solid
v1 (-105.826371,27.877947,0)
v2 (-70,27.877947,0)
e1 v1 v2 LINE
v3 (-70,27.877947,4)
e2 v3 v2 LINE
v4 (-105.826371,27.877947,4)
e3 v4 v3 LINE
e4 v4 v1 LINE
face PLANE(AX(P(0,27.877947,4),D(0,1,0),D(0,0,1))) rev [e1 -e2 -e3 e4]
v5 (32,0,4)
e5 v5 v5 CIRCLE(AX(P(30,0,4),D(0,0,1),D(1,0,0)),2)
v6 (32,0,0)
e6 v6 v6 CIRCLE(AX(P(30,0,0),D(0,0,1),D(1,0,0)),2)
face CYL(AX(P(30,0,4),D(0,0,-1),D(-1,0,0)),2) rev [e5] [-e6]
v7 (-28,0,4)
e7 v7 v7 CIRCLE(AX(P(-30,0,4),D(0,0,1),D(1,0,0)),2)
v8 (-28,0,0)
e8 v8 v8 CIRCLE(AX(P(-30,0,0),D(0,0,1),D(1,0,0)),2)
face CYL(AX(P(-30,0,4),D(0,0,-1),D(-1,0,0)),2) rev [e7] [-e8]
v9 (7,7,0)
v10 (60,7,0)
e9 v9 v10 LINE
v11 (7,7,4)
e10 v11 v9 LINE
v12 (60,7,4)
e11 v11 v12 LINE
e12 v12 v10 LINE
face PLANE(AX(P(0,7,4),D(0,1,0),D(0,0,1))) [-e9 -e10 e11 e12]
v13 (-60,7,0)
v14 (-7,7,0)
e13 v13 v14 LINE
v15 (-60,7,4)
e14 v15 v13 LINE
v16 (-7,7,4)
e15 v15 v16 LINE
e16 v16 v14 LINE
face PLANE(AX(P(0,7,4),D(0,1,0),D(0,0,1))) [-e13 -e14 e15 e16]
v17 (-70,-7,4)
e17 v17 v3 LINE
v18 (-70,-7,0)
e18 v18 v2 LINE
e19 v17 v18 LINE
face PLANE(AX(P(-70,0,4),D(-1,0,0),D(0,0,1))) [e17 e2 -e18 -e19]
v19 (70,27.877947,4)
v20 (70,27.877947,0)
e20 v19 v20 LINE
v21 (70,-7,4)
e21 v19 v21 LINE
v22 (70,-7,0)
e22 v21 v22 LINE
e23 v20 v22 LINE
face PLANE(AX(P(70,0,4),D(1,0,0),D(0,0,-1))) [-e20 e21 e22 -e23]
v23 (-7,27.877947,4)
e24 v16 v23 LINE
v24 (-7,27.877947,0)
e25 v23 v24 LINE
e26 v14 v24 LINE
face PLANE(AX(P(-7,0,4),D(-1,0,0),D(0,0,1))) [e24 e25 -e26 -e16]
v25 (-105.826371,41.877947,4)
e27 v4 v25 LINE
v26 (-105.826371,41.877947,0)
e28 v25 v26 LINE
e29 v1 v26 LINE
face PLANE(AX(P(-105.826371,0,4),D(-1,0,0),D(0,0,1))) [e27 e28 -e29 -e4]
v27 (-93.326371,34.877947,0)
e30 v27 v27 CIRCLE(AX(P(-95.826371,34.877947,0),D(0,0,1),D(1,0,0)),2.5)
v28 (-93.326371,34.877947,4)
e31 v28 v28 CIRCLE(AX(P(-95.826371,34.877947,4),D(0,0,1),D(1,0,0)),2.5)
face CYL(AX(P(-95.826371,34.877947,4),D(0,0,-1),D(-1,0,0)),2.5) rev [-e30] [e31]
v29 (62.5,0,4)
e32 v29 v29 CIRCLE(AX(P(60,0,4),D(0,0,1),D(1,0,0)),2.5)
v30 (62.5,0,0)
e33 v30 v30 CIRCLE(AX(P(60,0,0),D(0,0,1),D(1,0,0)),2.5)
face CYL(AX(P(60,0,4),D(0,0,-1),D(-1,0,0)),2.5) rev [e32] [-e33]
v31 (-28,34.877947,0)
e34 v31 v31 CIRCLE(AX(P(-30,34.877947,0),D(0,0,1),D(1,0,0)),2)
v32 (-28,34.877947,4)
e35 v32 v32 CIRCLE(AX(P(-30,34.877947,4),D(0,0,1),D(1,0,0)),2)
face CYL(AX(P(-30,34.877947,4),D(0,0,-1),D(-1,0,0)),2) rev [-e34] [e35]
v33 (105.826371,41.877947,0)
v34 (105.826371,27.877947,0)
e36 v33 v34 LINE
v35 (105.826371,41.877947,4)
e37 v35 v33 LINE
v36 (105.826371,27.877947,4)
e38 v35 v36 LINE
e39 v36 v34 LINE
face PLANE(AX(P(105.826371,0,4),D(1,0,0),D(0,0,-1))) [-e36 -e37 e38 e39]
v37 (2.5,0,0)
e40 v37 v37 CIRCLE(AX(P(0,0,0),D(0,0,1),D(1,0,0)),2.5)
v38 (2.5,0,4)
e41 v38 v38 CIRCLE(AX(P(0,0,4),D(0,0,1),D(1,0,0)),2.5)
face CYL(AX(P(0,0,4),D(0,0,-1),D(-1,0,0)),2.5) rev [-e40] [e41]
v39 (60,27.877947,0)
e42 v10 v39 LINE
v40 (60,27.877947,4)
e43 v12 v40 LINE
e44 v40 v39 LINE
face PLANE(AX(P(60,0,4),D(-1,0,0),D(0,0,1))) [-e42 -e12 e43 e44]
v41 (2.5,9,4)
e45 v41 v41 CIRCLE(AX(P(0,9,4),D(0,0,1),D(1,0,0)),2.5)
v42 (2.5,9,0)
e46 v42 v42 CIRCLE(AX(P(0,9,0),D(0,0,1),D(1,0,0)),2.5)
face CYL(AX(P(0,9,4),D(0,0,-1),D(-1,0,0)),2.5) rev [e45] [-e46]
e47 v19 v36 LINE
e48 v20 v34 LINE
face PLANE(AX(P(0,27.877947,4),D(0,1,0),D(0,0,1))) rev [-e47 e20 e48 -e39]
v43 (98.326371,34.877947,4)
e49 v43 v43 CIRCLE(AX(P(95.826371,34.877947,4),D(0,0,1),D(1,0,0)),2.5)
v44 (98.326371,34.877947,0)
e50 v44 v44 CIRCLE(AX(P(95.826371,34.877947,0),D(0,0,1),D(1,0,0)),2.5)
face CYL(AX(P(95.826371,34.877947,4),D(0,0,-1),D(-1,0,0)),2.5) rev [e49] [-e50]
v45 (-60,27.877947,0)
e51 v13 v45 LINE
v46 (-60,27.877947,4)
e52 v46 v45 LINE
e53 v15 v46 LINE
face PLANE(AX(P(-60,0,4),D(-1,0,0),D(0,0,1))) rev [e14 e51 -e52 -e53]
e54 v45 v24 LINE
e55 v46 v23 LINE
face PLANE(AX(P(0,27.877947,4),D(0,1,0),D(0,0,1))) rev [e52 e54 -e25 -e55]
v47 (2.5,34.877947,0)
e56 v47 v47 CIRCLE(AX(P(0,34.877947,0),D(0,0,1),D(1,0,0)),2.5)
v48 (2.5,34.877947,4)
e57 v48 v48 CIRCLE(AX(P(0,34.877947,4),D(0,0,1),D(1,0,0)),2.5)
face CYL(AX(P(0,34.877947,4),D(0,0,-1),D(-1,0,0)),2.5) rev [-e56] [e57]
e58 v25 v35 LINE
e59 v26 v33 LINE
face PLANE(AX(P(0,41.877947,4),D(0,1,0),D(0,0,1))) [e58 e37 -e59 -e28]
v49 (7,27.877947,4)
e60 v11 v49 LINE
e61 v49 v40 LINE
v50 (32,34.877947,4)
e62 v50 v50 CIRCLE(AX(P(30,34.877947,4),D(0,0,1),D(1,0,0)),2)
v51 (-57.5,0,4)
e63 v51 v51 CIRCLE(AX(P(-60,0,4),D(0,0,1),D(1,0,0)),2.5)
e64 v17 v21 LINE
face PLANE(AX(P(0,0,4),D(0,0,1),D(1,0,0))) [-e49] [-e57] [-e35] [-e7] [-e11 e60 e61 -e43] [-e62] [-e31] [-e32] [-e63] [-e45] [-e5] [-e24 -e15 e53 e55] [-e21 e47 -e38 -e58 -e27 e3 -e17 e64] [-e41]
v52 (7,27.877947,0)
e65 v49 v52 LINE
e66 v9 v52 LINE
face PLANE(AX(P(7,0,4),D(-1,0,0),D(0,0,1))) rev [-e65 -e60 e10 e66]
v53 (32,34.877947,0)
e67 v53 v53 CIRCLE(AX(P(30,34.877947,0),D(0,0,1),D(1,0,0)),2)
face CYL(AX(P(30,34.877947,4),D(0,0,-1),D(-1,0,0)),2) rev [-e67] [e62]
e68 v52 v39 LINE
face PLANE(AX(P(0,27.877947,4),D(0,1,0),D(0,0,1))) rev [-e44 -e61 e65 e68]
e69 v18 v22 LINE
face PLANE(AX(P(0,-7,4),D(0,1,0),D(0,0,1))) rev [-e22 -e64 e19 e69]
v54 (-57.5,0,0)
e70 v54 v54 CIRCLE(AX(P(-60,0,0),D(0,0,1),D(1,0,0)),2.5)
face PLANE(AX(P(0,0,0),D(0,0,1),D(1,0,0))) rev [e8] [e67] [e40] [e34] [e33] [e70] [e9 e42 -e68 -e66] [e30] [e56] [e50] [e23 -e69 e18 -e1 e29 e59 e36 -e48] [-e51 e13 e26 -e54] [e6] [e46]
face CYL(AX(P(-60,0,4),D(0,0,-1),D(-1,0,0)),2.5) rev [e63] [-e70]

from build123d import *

# Parameters (mm, degrees)
SKETCH1_W           = 53
SKETCH1_H           = 20.877946607
SKETCH1_R           = 2.5
SKETCH1_R_2         = 2
BOSS_EXTRUDE1_DEPTH = 4


with BuildPart() as part:
    # Sketch1 → Boss-Extrude1 (new body)
    with BuildSketch(Plane.XY):
        Polygon((-70, 27.877946607), (-70, -7), (70, -7), (70, 27.877946607), (105.826370741, 27.877946607), (105.826370741, 41.877946607), (-105.826370741, 41.877946607), (-105.826370741, 27.877946607), align=None)
        with Locations((33.5, 17.438973303)):
            Rectangle(SKETCH1_W, SKETCH1_H, mode=Mode.SUBTRACT)
        with Locations((0, 9)):
            Circle(SKETCH1_R, mode=Mode.SUBTRACT)
        with Locations((-33.5, 17.438973303)):
            Rectangle(SKETCH1_W, SKETCH1_H, mode=Mode.SUBTRACT)
        with Locations((60, 0)):
            Circle(SKETCH1_R, mode=Mode.SUBTRACT)
        with Locations((-60, 0)):
            Circle(SKETCH1_R, mode=Mode.SUBTRACT)
        with Locations((-30, 0)):
            Circle(SKETCH1_R_2, mode=Mode.SUBTRACT)
        Circle(SKETCH1_R, mode=Mode.SUBTRACT)
        with Locations((30, 0)):
            Circle(SKETCH1_R_2, mode=Mode.SUBTRACT)
        with Locations((-30, 34.877946607)):
            Circle(SKETCH1_R_2, mode=Mode.SUBTRACT)
        with Locations((-95.826370741, 34.877946607)):
            Circle(SKETCH1_R, mode=Mode.SUBTRACT)
        with Locations((0, 34.877946607)):
            Circle(SKETCH1_R, mode=Mode.SUBTRACT)
        with Locations((95.826370741, 34.877946607)):
            Circle(SKETCH1_R, mode=Mode.SUBTRACT)
        with Locations((30, 34.877946607)):
            Circle(SKETCH1_R_2, mode=Mode.SUBTRACT)
    extrude(amount=BOSS_EXTRUDE1_DEPTH)


solid = part.part
